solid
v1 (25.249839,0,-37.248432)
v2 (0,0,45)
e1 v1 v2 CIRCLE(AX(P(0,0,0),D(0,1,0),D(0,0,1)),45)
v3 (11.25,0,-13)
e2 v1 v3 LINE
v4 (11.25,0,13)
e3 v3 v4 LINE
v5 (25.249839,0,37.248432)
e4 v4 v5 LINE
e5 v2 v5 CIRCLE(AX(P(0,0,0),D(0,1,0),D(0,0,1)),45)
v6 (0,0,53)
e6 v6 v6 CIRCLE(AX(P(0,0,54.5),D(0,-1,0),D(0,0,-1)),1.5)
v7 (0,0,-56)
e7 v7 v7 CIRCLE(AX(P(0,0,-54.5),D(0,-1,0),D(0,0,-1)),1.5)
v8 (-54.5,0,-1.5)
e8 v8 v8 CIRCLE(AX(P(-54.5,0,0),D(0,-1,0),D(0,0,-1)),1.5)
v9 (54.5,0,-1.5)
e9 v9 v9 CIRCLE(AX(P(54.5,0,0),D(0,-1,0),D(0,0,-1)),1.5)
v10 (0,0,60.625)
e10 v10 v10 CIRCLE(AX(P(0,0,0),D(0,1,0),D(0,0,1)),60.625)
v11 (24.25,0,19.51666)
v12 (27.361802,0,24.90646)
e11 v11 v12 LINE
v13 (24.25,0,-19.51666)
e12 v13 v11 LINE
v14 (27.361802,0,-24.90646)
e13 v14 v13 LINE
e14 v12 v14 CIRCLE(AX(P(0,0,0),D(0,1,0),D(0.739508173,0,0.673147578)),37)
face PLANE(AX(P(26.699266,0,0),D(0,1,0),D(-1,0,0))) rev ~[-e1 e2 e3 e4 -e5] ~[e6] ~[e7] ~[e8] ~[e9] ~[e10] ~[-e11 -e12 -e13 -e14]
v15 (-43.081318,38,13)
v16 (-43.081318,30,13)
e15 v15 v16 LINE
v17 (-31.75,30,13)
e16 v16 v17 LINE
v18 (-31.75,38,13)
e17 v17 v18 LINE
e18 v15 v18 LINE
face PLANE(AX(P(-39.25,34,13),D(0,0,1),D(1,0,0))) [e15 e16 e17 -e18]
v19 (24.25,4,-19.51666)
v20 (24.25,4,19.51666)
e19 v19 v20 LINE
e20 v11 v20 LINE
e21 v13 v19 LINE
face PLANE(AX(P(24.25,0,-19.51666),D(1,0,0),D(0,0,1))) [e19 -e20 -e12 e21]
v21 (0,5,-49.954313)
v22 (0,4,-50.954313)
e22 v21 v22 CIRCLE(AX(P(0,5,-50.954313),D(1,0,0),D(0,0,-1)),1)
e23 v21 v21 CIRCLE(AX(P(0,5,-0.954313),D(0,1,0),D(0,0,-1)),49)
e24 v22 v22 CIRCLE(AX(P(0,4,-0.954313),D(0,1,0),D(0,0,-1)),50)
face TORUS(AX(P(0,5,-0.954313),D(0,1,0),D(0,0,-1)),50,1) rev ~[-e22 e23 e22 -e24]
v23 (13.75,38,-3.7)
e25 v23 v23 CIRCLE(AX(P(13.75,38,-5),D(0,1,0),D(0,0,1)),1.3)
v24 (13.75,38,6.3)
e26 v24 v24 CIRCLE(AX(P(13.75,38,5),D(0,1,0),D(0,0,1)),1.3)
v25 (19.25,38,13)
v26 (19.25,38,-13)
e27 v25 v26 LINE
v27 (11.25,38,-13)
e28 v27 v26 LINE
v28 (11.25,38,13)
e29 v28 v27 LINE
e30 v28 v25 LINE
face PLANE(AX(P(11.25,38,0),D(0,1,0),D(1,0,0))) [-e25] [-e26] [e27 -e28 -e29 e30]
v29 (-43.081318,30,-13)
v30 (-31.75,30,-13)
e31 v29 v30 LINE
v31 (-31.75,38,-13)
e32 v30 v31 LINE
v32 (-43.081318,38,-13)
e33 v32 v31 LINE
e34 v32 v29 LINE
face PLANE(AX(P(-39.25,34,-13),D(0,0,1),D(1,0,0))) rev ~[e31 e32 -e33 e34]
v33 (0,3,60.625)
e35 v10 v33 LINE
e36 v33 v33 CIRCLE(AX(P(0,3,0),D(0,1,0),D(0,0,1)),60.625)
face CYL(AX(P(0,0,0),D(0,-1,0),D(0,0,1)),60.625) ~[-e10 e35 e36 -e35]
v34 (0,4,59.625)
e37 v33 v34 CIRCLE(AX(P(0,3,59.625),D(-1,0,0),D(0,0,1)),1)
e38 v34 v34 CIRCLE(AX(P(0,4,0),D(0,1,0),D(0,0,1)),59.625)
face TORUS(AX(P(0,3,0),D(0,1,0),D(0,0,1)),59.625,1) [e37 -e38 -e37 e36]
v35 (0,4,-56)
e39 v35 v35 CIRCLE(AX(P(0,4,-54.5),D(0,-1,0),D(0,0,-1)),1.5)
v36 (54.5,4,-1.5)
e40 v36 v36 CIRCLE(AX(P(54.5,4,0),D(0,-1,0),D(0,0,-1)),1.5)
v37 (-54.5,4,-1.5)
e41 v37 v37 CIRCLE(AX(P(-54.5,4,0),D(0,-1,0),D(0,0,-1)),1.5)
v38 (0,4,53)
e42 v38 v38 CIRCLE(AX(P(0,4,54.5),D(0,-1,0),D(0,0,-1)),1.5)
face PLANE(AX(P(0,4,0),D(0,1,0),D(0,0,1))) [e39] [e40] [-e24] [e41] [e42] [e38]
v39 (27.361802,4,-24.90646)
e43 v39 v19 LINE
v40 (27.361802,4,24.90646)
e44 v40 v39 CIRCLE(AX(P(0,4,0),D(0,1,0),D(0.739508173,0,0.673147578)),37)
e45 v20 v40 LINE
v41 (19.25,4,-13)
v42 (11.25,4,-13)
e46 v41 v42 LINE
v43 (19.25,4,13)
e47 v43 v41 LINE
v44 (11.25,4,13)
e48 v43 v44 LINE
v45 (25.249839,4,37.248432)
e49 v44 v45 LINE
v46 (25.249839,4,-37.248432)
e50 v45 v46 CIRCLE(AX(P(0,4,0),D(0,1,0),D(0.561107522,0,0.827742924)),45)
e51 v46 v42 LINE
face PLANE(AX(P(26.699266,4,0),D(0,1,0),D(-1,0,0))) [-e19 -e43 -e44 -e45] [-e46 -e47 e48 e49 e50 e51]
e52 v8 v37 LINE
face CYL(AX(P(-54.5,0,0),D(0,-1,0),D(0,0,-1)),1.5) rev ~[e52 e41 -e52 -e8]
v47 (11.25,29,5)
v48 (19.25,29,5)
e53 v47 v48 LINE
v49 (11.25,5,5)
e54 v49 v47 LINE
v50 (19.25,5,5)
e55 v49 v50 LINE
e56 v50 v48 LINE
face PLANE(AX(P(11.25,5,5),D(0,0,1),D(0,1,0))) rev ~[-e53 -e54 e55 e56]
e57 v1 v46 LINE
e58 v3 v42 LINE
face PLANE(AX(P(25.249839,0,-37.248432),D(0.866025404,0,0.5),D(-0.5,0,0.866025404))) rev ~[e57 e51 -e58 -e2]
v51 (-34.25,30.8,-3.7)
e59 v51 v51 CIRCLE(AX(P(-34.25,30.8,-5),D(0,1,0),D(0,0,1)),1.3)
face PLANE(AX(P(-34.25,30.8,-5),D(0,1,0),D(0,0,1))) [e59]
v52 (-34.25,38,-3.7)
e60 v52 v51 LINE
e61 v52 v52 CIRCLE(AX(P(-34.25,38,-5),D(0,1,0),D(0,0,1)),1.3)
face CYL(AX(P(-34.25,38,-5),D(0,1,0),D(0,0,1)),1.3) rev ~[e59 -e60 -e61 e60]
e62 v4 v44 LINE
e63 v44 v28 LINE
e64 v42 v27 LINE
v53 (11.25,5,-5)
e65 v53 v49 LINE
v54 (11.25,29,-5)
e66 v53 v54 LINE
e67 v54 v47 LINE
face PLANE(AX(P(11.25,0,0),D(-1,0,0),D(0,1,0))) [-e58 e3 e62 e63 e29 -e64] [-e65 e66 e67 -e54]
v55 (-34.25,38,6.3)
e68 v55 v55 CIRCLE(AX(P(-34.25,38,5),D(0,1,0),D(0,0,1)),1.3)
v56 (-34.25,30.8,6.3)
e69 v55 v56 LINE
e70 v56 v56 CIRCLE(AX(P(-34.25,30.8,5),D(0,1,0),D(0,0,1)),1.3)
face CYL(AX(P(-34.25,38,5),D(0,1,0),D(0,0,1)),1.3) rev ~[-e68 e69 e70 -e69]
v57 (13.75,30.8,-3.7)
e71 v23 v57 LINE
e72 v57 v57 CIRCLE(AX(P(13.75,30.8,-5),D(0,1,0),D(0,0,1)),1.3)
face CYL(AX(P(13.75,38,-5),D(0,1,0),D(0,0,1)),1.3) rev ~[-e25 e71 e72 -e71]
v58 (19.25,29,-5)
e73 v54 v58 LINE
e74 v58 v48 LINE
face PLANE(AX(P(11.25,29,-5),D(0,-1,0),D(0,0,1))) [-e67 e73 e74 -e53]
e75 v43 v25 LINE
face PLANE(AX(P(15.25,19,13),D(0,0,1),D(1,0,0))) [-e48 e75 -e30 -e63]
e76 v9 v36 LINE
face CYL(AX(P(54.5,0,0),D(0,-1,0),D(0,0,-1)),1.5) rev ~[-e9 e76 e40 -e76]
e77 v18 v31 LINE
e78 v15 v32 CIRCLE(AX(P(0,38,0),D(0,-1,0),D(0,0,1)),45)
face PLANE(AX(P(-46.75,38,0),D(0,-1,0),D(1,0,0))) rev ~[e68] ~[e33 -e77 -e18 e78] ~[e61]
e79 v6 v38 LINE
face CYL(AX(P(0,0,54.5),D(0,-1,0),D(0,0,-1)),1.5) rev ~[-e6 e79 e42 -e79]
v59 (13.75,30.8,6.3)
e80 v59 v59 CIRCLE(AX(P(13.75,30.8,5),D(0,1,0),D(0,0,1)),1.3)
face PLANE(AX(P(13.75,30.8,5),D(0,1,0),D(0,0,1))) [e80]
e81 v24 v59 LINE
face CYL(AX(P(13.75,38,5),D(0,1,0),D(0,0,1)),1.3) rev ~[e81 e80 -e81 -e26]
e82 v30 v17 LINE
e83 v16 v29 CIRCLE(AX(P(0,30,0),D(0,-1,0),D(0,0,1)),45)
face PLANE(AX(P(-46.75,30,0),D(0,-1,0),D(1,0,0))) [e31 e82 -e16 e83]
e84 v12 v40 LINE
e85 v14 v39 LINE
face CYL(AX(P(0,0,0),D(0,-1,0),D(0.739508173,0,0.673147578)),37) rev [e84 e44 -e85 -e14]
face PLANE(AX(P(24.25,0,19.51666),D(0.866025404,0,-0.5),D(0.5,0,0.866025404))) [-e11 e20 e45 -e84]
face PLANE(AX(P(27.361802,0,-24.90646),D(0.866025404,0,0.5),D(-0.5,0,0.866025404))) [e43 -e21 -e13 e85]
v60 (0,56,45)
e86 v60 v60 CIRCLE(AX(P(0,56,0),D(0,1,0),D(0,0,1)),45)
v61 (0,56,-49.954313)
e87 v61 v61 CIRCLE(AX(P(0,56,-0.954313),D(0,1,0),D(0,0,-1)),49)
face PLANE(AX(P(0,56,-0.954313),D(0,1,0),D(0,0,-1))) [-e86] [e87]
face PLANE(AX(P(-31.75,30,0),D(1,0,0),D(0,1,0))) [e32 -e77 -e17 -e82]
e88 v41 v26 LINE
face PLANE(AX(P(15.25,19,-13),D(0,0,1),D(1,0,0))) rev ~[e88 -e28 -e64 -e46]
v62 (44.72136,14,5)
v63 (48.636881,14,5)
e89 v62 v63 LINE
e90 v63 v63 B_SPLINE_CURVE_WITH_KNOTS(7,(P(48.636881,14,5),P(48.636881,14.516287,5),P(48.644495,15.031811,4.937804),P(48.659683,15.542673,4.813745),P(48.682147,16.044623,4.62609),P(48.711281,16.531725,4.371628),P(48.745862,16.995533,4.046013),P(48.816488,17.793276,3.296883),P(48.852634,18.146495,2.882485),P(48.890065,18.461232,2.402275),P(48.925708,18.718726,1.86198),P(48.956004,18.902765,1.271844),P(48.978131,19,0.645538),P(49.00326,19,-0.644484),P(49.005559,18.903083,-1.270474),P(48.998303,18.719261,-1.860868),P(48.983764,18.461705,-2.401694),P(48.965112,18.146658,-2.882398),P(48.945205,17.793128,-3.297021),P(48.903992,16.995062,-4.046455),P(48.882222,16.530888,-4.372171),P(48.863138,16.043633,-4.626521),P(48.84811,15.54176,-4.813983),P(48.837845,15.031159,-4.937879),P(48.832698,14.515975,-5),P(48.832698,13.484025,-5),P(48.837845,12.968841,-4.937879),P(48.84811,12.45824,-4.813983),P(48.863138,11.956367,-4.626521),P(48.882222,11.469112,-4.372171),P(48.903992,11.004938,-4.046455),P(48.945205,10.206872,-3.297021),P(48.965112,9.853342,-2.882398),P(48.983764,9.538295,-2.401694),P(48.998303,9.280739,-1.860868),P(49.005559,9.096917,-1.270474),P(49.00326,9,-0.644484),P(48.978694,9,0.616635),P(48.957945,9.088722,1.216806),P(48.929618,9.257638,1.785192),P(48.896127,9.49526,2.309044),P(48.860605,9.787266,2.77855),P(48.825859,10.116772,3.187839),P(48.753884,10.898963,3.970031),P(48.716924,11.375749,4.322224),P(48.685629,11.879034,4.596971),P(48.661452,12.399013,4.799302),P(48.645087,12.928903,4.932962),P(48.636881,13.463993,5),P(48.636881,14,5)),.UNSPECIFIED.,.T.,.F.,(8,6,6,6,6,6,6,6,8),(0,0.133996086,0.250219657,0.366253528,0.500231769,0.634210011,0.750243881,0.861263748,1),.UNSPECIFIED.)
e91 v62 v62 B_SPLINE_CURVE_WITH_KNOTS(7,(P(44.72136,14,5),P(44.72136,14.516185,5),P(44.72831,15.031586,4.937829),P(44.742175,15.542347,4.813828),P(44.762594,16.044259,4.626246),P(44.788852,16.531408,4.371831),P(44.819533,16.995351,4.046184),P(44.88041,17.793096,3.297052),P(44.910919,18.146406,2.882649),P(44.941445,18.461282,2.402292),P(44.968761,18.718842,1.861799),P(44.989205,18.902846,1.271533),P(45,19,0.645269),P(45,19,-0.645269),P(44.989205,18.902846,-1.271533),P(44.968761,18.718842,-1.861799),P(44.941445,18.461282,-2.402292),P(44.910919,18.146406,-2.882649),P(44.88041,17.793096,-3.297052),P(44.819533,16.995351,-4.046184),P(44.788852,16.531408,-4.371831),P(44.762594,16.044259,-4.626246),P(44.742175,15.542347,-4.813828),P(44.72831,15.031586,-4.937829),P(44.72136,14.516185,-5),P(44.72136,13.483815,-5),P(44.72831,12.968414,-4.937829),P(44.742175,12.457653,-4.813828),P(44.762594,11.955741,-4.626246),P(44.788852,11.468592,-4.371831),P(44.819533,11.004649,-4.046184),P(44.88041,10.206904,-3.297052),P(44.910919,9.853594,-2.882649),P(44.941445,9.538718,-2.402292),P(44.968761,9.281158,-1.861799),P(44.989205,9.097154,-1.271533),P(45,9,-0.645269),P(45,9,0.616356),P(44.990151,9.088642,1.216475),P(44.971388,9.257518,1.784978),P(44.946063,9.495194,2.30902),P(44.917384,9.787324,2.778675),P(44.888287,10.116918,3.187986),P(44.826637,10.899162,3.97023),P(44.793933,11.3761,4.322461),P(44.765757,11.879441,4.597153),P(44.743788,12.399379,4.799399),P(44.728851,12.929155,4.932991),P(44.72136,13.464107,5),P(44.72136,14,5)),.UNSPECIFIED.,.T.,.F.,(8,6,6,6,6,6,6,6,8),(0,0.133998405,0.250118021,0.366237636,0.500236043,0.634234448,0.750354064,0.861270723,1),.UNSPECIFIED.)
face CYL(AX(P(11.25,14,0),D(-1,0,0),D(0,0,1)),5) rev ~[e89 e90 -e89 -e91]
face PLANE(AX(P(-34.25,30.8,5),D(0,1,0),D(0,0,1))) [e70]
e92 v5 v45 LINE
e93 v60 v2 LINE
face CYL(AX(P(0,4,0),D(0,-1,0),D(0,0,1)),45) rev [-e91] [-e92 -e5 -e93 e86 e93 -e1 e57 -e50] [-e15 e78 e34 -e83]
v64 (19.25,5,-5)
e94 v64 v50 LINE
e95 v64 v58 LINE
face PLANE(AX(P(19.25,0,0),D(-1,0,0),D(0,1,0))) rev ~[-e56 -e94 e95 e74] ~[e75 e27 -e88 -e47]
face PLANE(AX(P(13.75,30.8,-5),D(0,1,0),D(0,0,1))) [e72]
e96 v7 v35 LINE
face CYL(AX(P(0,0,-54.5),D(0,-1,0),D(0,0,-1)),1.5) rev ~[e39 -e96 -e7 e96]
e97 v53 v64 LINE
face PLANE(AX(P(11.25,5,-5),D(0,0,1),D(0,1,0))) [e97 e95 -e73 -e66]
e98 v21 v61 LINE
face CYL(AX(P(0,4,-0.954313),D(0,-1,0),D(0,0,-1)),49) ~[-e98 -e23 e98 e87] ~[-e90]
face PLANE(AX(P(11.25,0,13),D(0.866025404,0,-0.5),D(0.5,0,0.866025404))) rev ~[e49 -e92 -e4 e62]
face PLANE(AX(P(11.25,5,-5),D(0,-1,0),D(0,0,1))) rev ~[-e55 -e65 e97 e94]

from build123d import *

# Parameters (mm, degrees)
SKETCH2_R           = 60.625
SKETCH2_R_2         = 45
BOSS_EXTRUDE1_DEPTH = 4
SKETCH4_R           = 49
SKETCH4_R_2         = 45
BOSS_EXTRUDE2_DEPTH = 52
SKETCH5_W           = 8
SKETCH5_H           = 38
SKETCH5_W_2         = 15
SKETCH5_H_2         = 8
BOSS_EXTRUDE3_DEPTH = 13
SKETCH6_W           = 10
SKETCH6_H           = 24
CUT_EXTRUDE2_DEPTH  = 8
SKETCH7_R           = 5
CUT_EXTRUDE3_DEPTH  = 110.441337026
SKETCH8_R           = 1.3
CUT_EXTRUDE4_DEPTH  = 7.2
BOSS_EXTRUDE4_DEPTH = 4
SKETCH10_R          = 1.5
CUT_EXTRUDE5_DEPTH  = 103.404986506
FILLET1_R           = 1


with BuildPart() as part:
    # Sketch2 → Boss-Extrude1 (new body)
    with BuildSketch(Plane(origin=(0, 0, 0), x_dir=(1, 0, 0), z_dir=(0, 1, 0))):
        with Locations(Location((0, 0, 0), (0, 0, 270))):
            Circle(SKETCH2_R)
        with Locations(Location((0, 0, 0), (0, 0, 270))):
            Circle(SKETCH2_R_2, mode=Mode.SUBTRACT)
    extrude(amount=BOSS_EXTRUDE1_DEPTH)

    # Sketch4 → Boss-Extrude2 (add)
    with BuildSketch(Plane(origin=(0, 4, 0), x_dir=(1, 0, 0), z_dir=(0, 1, 0))):
        with Locations(Location((0, 0.954313472, 0), (0, 0, 90))):
            Circle(SKETCH4_R)
        with Locations(Location((0, 0, 0), (0, 0, 270))):
            Circle(SKETCH4_R_2, mode=Mode.SUBTRACT)
    extrude(amount=BOSS_EXTRUDE2_DEPTH)

    # Sketch5 → Boss-Extrude3 (add, symmetric)
    with BuildSketch(Plane.XY):
        with Locations((15.25, 19)):
            Rectangle(SKETCH5_W, SKETCH5_H)
        with Locations((-39.25, 34)):
            Rectangle(SKETCH5_W_2, SKETCH5_H_2)
    extrude(amount=BOSS_EXTRUDE3_DEPTH, both=True)


with BuildPart() as boss_extrude3_piece_1:
    # of the separate pieces the step leaves, piece 1, a body of its own (boss_extrude3_pieces)
    add(part.part.solids().sort_by_distance((0, 0, 60.625))[0])

    # Sketch7 → Cut-Extrude3 (cut, through all)
    with BuildSketch(Plane.ZY.offset(-11.25)):
        with Locations((0, 14)):
            Circle(SKETCH7_R)
    extrude(amount=-CUT_EXTRUDE3_DEPTH, mode=Mode.SUBTRACT)


with BuildPart() as boss_extrude3_piece_2:
    # of the separate pieces the step leaves, piece 2, a body of its own (boss_extrude3_pieces)
    add(part.part.solids().sort_by_distance((11.25, 0, -13))[0])

    # Sketch6 → Cut-Extrude2 (cut)
    with BuildSketch(Plane.ZY.offset(-11.25)):
        with Locations((0, 17)):
            Rectangle(SKETCH6_W, SKETCH6_H)
    extrude(amount=-CUT_EXTRUDE2_DEPTH, mode=Mode.SUBTRACT)


with BuildPart() as cut_extrude4_tool:
    # Sketch8 → Cut-Extrude4 (new body)
    with BuildSketch(Plane(origin=(0, 38, 0), x_dir=(1, 0, 0), z_dir=(0, 1, 0))):
        with Locations(Location((-34.25, 5, 0), (0, 0, 270))):
            Circle(SKETCH8_R)
        with Locations(Location((-34.25, -5, 0), (0, 0, 270))):
            Circle(SKETCH8_R)
        with Locations(Location((13.75, -5, 0), (0, 0, 270))):
            Circle(SKETCH8_R)
        with Locations(Location((13.75, 5, 0), (0, 0, 270))):
            Circle(SKETCH8_R)
    extrude(amount=-CUT_EXTRUDE4_DEPTH)


with BuildPart() as boss_extrude3_piece_1_1:
    add(boss_extrude3_piece_1.part)

    # Cut-Extrude4: cut by cut_extrude4_tool
    add(cut_extrude4_tool.part, mode=Mode.SUBTRACT)



with BuildPart() as boss_extrude3_piece_2_1:
    add(boss_extrude3_piece_2.part)

    # Cut-Extrude4: cut by cut_extrude4_tool
    add(cut_extrude4_tool.part, mode=Mode.SUBTRACT)


with BuildPart() as boss_extrude3_piece_1_2:
    add(boss_extrude3_piece_1_1.part)

    add(boss_extrude3_piece_2_1.part)  # Boss-Extrude4 merges Boss-Extrude3 piece 2
    # Sketch9 → Boss-Extrude4 (add)
    with BuildSketch(Plane.XZ):
        with BuildLine():
            Line((11.25, 13), (25.249838503, 37.248431585))
            ThreePointArc((25.249838503, 37.248431585), (45, 0), (25.249838503, -37.248431585))
            Line((25.249838503, -37.248431585), (11.25, -13))
            Line((11.25, -13), (11.25, 13))
        make_face()
        with BuildLine():
            Line((24.25, 19.516660498), (27.361802413, 24.906460381))
            ThreePointArc((27.361802413, 24.906460381), (37, 0), (27.361802413, -24.906460381))
            Line((27.361802413, -24.906460381), (24.25, -19.516660498))
            Line((24.25, -19.516660498), (24.25, 19.516660498))
        make_face(mode=Mode.SUBTRACT)
    extrude(amount=-BOSS_EXTRUDE4_DEPTH)

    # Sketch10 → Cut-Extrude5 (cut, through all)
    with BuildSketch(Plane.XZ):
        with Locations(Location((54.5, 0, 0), (0, 0, 270))):
            Circle(SKETCH10_R)
        with Locations(Location((0, -54.5, 0), (0, 0, 270))):
            Circle(SKETCH10_R)
        with Locations(Location((-54.5, 0, 0), (0, 0, 270))):
            Circle(SKETCH10_R)
        with Locations(Location((0, 54.5, 0), (0, 0, 270))):
            Circle(SKETCH10_R)
    extrude(amount=-CUT_EXTRUDE5_DEPTH, mode=Mode.SUBTRACT)

    # Fillet1
    fillet1_edges = [boss_extrude3_piece_1_2.edges().sort_by_distance(p)[0] for p in [
        (0, 4, -60.625),
        (0, 4, 48.045686528),
    ]]
    fillet(fillet1_edges, radius=FILLET1_R)


solid = boss_extrude3_piece_1_2.part
